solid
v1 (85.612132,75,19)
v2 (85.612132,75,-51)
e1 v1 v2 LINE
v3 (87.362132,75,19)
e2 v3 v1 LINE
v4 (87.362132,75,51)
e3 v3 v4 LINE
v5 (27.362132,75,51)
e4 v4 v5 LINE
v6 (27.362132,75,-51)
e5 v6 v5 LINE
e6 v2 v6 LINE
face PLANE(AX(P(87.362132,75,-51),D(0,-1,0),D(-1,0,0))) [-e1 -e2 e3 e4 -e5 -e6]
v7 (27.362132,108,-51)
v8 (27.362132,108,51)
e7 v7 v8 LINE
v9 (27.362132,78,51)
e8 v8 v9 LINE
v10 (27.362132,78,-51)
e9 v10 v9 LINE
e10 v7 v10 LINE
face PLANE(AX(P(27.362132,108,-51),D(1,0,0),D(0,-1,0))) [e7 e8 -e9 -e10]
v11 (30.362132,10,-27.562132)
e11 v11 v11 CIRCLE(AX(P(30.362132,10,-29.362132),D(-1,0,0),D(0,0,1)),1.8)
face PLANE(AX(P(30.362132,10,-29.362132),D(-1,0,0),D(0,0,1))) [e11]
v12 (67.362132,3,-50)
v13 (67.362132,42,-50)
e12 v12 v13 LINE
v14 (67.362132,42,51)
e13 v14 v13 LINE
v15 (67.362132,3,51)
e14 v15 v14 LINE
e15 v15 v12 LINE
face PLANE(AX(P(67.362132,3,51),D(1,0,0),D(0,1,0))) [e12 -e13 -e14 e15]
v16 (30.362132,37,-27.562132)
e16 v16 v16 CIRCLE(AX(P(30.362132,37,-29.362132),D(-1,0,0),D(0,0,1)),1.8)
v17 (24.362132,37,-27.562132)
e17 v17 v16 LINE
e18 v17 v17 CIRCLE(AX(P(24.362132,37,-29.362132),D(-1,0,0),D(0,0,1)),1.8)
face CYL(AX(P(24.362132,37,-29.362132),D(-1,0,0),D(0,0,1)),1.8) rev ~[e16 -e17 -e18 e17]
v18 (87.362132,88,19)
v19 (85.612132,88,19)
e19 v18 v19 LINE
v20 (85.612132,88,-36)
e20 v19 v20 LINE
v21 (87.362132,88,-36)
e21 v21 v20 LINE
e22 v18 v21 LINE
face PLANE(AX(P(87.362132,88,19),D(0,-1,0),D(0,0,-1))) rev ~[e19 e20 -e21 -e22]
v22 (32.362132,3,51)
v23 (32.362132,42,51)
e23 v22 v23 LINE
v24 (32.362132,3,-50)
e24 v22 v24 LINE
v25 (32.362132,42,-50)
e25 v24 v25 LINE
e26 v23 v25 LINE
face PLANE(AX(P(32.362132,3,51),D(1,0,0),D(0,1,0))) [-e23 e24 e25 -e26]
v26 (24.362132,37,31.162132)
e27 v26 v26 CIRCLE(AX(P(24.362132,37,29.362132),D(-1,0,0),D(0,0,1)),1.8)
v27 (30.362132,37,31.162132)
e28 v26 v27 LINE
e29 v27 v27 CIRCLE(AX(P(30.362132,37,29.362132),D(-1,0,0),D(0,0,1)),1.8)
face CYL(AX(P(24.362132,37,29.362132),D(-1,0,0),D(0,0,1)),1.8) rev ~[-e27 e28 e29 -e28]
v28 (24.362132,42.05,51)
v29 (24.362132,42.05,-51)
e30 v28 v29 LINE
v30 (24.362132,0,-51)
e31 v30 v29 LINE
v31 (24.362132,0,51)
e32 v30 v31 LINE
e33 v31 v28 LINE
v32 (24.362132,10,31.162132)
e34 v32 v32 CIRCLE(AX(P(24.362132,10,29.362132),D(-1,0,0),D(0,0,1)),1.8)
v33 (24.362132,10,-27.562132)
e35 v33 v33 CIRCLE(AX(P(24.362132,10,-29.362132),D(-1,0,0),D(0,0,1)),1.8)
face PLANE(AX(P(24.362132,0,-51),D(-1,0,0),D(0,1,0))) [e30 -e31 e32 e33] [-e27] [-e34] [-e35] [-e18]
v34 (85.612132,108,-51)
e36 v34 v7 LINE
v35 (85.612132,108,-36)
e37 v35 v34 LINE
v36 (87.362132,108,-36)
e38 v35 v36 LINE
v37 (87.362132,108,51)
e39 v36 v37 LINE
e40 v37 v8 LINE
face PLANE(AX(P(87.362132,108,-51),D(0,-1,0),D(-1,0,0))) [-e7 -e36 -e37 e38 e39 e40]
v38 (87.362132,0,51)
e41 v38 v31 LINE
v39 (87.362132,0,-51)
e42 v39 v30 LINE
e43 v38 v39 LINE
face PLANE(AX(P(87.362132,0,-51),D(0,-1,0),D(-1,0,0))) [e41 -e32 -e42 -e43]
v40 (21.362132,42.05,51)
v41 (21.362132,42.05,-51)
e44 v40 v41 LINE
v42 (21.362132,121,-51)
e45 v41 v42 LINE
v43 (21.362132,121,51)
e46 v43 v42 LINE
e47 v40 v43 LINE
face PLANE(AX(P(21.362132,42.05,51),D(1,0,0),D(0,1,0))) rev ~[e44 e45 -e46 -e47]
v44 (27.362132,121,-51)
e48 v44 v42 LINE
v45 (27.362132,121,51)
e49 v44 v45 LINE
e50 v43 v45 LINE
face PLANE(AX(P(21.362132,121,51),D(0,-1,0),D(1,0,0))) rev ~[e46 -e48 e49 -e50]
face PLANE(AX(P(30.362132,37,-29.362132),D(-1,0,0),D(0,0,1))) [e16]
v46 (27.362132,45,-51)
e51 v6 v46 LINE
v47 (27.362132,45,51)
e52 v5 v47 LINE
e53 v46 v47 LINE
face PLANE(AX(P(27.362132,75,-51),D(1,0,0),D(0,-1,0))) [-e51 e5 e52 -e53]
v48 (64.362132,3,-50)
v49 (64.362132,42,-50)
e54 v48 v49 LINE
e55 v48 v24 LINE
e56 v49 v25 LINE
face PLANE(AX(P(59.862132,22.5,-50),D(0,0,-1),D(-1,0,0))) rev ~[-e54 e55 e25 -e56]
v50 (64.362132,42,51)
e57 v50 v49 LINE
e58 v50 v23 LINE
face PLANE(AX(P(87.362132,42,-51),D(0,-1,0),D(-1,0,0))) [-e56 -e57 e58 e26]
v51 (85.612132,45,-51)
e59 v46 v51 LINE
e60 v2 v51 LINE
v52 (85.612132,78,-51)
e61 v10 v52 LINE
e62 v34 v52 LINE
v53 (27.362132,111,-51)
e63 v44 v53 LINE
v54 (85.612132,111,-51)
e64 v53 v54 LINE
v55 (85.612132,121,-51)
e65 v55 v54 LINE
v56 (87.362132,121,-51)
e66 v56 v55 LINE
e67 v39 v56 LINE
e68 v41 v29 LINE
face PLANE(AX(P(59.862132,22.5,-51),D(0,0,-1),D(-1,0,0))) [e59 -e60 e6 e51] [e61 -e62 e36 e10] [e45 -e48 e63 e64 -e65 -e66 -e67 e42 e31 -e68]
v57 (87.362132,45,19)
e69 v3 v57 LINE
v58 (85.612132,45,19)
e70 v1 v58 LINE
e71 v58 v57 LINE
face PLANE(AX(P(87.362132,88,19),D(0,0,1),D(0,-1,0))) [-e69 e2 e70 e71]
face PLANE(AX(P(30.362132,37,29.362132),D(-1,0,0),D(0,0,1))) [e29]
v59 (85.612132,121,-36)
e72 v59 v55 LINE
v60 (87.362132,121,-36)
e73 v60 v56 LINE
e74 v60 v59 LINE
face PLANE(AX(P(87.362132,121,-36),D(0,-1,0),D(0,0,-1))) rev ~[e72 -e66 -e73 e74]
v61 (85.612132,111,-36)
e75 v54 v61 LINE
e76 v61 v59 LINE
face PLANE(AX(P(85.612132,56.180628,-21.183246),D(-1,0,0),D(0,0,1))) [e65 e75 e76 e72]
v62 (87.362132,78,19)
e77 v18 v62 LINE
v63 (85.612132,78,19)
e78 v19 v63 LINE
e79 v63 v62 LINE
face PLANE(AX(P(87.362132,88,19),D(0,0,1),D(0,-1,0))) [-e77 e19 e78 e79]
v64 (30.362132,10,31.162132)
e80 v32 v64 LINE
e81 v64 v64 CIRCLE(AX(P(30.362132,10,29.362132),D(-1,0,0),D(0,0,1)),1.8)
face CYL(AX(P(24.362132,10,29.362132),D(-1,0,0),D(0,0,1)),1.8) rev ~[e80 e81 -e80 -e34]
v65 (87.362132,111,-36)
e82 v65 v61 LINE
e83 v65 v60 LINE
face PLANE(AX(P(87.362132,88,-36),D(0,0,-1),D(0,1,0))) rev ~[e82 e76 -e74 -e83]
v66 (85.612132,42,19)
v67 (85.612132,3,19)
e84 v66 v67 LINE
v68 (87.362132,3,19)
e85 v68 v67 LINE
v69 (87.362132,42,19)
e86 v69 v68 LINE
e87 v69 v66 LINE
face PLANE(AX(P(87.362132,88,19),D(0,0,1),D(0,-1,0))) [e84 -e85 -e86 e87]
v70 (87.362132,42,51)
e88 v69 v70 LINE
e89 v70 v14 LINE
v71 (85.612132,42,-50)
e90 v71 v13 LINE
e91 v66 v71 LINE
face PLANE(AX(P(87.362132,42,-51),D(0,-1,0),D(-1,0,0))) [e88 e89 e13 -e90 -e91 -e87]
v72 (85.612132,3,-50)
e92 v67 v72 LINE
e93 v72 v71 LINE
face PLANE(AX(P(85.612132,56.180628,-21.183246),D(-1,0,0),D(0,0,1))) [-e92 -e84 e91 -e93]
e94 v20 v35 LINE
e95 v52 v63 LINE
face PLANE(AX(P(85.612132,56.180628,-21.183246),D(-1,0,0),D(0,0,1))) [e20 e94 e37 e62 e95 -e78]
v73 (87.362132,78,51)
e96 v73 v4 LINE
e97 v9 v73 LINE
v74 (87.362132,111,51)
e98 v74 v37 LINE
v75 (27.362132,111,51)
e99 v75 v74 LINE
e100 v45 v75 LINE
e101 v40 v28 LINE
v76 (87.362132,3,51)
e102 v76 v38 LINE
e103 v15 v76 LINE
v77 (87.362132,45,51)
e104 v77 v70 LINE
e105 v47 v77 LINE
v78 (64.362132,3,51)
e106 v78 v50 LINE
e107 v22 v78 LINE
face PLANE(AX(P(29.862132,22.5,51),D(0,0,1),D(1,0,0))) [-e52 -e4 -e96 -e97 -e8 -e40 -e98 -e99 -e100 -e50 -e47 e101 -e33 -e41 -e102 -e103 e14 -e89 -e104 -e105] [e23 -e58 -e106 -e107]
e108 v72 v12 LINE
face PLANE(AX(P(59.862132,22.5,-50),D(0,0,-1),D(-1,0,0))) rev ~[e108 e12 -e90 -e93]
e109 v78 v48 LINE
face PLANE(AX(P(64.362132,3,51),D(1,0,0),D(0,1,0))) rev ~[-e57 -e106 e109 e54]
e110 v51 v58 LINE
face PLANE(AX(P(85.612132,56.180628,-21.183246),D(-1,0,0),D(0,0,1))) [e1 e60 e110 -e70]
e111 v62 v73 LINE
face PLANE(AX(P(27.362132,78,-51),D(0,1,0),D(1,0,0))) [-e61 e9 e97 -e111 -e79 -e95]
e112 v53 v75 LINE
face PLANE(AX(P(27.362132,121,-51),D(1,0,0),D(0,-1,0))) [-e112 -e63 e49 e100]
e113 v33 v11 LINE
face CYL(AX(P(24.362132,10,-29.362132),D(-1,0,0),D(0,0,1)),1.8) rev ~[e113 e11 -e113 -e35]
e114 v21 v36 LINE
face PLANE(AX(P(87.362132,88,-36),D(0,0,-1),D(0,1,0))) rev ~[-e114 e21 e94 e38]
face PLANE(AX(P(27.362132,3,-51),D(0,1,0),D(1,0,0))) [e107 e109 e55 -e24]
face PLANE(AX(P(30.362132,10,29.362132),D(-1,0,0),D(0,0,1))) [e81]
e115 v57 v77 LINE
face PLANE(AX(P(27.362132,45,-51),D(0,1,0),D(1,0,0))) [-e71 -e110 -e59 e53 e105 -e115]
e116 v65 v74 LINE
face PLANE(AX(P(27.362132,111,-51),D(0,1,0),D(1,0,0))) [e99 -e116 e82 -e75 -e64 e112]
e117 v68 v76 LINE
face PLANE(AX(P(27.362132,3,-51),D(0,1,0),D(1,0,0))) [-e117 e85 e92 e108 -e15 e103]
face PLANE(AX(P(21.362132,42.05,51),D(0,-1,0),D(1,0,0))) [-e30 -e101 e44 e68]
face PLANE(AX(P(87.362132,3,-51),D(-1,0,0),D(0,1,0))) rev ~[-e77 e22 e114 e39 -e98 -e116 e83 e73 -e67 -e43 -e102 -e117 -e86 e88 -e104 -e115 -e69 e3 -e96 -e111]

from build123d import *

# Parameters (mm, degrees)
BOSS_EXTRUDE1_DEPTH      = 51
BOSS_EXTRUDE1_DEPTH_BACK = 51
SKETCH2_W                = 3
SKETCH2_H                = 78.95
BOSS_EXTRUDE2_DEPTH      = 102
SKETCH3_W                = 5
SKETCH3_H                = 39
SKETCH3_W_2              = 3
BOSS_EXTRUDE3_DEPTH      = 102
SKETCH4_W                = 55
SKETCH4_H                = 39
BOSS_EXTRUDE4_DEPTH      = 1
BOSS_EXTRUDE5_DEPTH      = 1.75
SKETCH7_R                = 1.8
CUT_EXTRUDE1_DEPTH       = 6


with BuildPart() as part:
    # Sketch1 → Boss-Extrude1 (new, two sides: drawn at the far end of the back side and taken through both)
    with BuildSketch(Plane.XY.offset(-BOSS_EXTRUDE1_DEPTH_BACK)):
        Polygon((24.362132034, 0), (24.362132034, 121), (27.362132034, 121), (27.362132034, 111), (87.362132034, 111), (87.362132034, 108), (27.362132034, 108), (27.362132034, 78), (87.362132034, 78), (87.362132034, 75), (27.362132034, 75), (27.362132034, 45), (87.362132034, 45), (87.362132034, 42), (27.362132034, 42), (27.362132034, 3), (87.362132034, 3), (87.362132034, 0), align=None)
    extrude(amount=BOSS_EXTRUDE1_DEPTH + BOSS_EXTRUDE1_DEPTH_BACK)

    # Sketch2 → Boss-Extrude2 (add)
    with BuildSketch(Plane.XY.offset(51)):
        with Locations((22.862132034, 81.525)):
            Rectangle(SKETCH2_W, SKETCH2_H)
    extrude(amount=-BOSS_EXTRUDE2_DEPTH)

    # Sketch3 → Boss-Extrude3 (add)
    with BuildSketch(Plane.XY.offset(51)):
        with Locations((29.862132034, 22.5)):
            Rectangle(SKETCH3_W, SKETCH3_H)
        with Locations((65.862132034, 22.5)):
            Rectangle(SKETCH3_W_2, SKETCH3_H)
    extrude(amount=-BOSS_EXTRUDE3_DEPTH)

    # Sketch4 → Boss-Extrude4 (add)
    with BuildSketch(Plane(origin=(0, 0, -51), x_dir=(-1, 0, 0), z_dir=(0, 0, -1))):
        with Locations((-59.862132034, 22.5)):
            Rectangle(SKETCH4_W, SKETCH4_H)
    extrude(amount=-BOSS_EXTRUDE4_DEPTH)

    # Sketch5 → Boss-Extrude5 (add)
    with BuildSketch(Plane(origin=(87.362132034, 0, 0), x_dir=(0, 0, -1), z_dir=(1, 0, 0))):
        Polygon((36, 0), (36, 3), (-19, 3), (-19, 42), (-19, 75), (-19, 88), (36, 88), (36, 121), (51, 121), (51, 0), align=None)
    extrude(amount=-BOSS_EXTRUDE5_DEPTH)

    # Sketch7 → Cut-Extrude1 (cut)
    with BuildSketch(Plane.ZY.offset(-24.362132034)):
        with Locations((-29.362132034, 37)):
            Circle(SKETCH7_R)
        with Locations((-29.362132034, 10)):
            Circle(SKETCH7_R)
        with Locations((29.362132034, 10)):
            Circle(SKETCH7_R)
        with Locations((29.362132034, 37)):
            Circle(SKETCH7_R)
    extrude(amount=-CUT_EXTRUDE1_DEPTH, mode=Mode.SUBTRACT)


solid = part.part
